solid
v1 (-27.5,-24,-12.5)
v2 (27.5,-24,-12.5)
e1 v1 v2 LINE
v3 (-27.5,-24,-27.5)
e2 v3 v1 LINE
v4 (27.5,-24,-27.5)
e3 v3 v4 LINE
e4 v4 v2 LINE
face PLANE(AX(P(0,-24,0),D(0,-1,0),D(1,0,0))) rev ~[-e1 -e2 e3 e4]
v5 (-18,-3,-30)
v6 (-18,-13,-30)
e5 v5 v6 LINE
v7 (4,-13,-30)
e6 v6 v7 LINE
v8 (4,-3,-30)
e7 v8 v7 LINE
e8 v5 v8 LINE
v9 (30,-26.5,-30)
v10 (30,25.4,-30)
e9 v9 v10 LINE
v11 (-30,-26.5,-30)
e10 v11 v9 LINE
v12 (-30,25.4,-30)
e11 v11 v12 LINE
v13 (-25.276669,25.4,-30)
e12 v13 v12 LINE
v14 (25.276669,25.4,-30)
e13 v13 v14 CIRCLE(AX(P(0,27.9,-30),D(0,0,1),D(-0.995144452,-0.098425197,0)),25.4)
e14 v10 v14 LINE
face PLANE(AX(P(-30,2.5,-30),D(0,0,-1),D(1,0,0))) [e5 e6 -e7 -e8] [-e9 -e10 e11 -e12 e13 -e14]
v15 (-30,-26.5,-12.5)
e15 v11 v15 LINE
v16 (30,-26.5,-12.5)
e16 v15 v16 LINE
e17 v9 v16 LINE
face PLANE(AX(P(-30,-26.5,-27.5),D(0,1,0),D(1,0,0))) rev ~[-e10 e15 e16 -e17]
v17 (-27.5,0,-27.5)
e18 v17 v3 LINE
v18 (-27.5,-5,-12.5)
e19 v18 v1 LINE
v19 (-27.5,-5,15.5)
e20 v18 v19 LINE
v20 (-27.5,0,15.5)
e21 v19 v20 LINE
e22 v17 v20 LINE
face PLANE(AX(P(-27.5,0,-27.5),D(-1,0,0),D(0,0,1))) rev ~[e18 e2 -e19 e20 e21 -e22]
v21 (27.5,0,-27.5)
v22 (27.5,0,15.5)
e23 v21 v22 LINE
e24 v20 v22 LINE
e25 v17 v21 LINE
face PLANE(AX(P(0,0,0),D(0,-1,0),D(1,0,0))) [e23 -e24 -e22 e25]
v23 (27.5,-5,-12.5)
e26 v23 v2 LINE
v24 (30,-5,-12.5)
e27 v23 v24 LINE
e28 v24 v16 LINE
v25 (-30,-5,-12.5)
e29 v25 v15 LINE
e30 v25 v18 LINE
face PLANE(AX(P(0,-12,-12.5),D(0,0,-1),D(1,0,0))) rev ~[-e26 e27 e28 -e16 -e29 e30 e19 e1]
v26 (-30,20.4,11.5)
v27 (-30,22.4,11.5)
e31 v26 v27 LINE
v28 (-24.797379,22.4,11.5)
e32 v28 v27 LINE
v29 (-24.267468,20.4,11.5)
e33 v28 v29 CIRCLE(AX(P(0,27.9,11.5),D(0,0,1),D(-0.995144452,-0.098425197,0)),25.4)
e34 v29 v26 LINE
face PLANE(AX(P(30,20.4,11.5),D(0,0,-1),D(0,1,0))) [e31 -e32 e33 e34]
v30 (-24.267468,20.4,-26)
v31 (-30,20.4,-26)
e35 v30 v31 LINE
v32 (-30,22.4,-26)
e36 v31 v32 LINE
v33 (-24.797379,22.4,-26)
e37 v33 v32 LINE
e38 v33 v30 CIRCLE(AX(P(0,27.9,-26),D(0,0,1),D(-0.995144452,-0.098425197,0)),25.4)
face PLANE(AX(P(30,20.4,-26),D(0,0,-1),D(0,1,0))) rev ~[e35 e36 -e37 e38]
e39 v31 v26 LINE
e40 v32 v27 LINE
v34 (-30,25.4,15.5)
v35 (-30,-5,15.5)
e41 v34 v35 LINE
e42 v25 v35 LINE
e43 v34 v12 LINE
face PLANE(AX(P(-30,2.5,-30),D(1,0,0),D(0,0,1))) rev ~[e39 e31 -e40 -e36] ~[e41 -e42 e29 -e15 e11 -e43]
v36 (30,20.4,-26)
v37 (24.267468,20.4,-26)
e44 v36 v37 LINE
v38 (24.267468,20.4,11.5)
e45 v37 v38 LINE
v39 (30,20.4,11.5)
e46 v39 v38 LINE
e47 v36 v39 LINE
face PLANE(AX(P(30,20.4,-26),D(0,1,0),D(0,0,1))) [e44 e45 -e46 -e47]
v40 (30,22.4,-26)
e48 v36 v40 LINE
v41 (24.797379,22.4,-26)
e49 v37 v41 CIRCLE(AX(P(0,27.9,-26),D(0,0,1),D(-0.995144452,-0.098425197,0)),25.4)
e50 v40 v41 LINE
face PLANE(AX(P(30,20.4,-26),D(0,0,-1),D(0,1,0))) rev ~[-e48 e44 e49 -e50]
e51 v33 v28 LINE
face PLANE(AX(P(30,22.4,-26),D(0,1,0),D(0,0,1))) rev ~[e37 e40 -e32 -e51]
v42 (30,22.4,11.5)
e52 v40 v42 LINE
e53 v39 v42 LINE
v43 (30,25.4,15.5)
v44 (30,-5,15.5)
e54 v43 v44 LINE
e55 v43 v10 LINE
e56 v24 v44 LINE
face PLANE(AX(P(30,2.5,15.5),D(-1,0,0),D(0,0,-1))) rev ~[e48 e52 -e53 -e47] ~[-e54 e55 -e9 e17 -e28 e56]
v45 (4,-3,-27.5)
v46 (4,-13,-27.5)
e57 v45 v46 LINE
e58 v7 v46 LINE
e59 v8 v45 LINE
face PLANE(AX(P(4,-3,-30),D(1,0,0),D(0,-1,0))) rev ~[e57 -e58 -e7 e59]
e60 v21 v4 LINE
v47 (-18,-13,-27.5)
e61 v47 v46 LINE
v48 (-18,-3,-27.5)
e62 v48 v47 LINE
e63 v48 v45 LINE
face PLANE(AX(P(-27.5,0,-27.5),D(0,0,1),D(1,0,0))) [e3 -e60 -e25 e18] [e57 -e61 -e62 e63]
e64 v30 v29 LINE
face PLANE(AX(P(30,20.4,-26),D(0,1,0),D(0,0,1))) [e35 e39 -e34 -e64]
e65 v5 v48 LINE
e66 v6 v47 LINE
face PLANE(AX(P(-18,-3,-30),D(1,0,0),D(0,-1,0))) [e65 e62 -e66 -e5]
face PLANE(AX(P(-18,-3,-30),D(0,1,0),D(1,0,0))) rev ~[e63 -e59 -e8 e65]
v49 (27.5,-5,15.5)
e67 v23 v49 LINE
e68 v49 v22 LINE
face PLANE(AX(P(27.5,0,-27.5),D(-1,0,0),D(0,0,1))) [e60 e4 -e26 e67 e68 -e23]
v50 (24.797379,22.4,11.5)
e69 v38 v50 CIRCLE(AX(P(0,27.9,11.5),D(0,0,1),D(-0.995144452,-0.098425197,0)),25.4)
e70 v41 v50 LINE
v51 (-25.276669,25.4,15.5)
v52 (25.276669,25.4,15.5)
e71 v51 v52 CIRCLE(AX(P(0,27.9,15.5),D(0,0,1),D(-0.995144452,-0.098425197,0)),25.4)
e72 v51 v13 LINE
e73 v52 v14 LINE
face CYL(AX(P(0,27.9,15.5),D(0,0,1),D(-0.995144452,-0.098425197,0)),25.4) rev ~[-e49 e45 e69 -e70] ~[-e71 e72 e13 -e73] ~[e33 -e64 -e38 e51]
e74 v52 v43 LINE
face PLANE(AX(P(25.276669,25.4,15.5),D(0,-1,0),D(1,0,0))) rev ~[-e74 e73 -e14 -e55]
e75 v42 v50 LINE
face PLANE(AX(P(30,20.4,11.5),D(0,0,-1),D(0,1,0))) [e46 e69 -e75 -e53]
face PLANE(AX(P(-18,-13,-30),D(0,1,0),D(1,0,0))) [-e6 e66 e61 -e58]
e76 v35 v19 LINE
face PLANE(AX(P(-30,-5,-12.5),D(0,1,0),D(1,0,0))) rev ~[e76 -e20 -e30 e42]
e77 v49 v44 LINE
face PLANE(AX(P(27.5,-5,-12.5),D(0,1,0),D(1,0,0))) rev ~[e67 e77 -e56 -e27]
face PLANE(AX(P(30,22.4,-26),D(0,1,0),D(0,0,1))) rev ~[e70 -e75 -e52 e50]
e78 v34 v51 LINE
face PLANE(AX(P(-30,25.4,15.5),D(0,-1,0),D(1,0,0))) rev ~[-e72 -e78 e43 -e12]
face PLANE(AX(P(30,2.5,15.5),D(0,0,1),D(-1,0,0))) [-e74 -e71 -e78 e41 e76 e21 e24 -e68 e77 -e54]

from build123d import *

# Parameters (mm, degrees)
F0_W      = 55
F0_H      = 55
F1_DEPTH  = 24
F2_W      = 60
F2_H      = 29
F3_DEPTH  = 2.5
F4_DEPTH  = 15
F5_W      = 22
F5_H      = 10
F6_DEPTH  = 2.5
F7_W      = 2.5
F7_H      = 5
F8_DEPTH  = 28
F9_DEPTH  = 25.4
F11_DEPTH = 46
F12_W     = 2
F12_H     = 37.5
F13_DEPTH = 60
F14_DEPTH = 24


with BuildPart() as f1:
    # F0 (on Front) → F1 (new body)
    with BuildSketch(Plane.XZ):
        Rectangle(F0_W, F0_H)
    extrude(amount=F1_DEPTH)

    # F2 (on face) → F3 (join)
    with BuildSketch(Plane(origin=(0, 0, -27.5), x_dir=(1, 0, 0), z_dir=(0, 0, -1))):
        with Locations((0, 12)):
            Rectangle(F2_W, F2_H)
    extrude(amount=F3_DEPTH)

    # F2 (on face) → F4 (join)
    with BuildSketch(Plane(origin=(0, 0, -27.5), x_dir=(1, 0, 0), z_dir=(0, 0, -1))):
        with Locations((0, 12)):
            Rectangle(F2_W, F2_H)
    extrude(amount=-F4_DEPTH)

    # F5 (on face) → F6 (cut)
    with BuildSketch(Plane(origin=(0, 0, -30), x_dir=(1, 0, 0), z_dir=(0, 0, -1))):
        with Locations((-7, 8)):
            Rectangle(F5_W, F5_H)
    extrude(amount=-F6_DEPTH, mode=Mode.SUBTRACT)

    # F7 (on face) → F8 (join)
    with BuildSketch(Plane.XY.offset(-12.5)):
        Polygon((30, 2.5), (-30, 2.5), (-30, 0), (-27.5, 0), (27.5, 0), (30, 0), align=None)
        with Locations((-28.75, -2.5)):
            Rectangle(F7_W, F7_H)
        with Locations((28.75, -2.5)):
            Rectangle(F7_W, F7_H)
    extrude(amount=F8_DEPTH)

    # F9 (add): a face of the model
    f9_faces = [f1.faces().sort_by_distance(p)[0] for p in [
        (0, 2.5, -7.25),
    ]]
    extrude(f9_faces, amount=F9_DEPTH)

    # F10 (on face) → F11 (cut)
    with BuildSketch(Plane.XY.offset(15.5)):
        with BuildLine():
            Line((-25.4, 27.9), (25.4, 27.9))
            ThreePointArc((25.4, 27.9), (0, 53.3), (-25.4, 27.9))
        make_face()
        with BuildLine():
            Line((30, 27.9), (25.4, 27.9))
            ThreePointArc((25.4, 27.9), (25.3691485346, 26.6484798728), (25.2766690844, 25.4))
            Line((25.2766690844, 25.4), (30, 25.4))
            Line((30, 25.4), (30, 27.9))
        make_face()
        with BuildLine():
            ThreePointArc((25.2766690844, 25.4), (25.3691485346, 26.6484798728), (25.4, 27.9))
            Line((25.4, 27.9), (-25.4, 27.9))
            ThreePointArc((-25.4, 27.9), (-25.3691485346, 26.6484798728), (-25.2766690844, 25.4))
            Line((-25.2766690844, 25.4), (25.2766690844, 25.4))
        make_face()
        with BuildLine():
            ThreePointArc((-25.2766690844, 25.4), (-25.3691485346, 26.6484798728), (-25.4, 27.9))
            Line((-25.4, 27.9), (-30, 27.9))
            Line((-30, 27.9), (-30, 25.4))
            Line((-30, 25.4), (-25.2766690844, 25.4))
        make_face()
        with BuildLine():
            ThreePointArc((-25.2766690844, 25.4), (0, 2.5), (25.2766690844, 25.4))
            Line((25.2766690844, 25.4), (-25.2766690844, 25.4))
        make_face()
    extrude(amount=-F11_DEPTH, mode=Mode.SUBTRACT)

    # F12 (on face) → F13 (cut)
    with BuildSketch(Plane.YZ.offset(30)):
        with Locations((21.4, -7.25)):
            Rectangle(F12_W, F12_H)
    extrude(amount=-F13_DEPTH, mode=Mode.SUBTRACT)

    # F0 (on Front) → F14 (cut)
    with BuildSketch(Plane.XZ):
        Rectangle(F0_W, F0_H)
    extrude(amount=F14_DEPTH, mode=Mode.SUBTRACT)


solid = f1.part
